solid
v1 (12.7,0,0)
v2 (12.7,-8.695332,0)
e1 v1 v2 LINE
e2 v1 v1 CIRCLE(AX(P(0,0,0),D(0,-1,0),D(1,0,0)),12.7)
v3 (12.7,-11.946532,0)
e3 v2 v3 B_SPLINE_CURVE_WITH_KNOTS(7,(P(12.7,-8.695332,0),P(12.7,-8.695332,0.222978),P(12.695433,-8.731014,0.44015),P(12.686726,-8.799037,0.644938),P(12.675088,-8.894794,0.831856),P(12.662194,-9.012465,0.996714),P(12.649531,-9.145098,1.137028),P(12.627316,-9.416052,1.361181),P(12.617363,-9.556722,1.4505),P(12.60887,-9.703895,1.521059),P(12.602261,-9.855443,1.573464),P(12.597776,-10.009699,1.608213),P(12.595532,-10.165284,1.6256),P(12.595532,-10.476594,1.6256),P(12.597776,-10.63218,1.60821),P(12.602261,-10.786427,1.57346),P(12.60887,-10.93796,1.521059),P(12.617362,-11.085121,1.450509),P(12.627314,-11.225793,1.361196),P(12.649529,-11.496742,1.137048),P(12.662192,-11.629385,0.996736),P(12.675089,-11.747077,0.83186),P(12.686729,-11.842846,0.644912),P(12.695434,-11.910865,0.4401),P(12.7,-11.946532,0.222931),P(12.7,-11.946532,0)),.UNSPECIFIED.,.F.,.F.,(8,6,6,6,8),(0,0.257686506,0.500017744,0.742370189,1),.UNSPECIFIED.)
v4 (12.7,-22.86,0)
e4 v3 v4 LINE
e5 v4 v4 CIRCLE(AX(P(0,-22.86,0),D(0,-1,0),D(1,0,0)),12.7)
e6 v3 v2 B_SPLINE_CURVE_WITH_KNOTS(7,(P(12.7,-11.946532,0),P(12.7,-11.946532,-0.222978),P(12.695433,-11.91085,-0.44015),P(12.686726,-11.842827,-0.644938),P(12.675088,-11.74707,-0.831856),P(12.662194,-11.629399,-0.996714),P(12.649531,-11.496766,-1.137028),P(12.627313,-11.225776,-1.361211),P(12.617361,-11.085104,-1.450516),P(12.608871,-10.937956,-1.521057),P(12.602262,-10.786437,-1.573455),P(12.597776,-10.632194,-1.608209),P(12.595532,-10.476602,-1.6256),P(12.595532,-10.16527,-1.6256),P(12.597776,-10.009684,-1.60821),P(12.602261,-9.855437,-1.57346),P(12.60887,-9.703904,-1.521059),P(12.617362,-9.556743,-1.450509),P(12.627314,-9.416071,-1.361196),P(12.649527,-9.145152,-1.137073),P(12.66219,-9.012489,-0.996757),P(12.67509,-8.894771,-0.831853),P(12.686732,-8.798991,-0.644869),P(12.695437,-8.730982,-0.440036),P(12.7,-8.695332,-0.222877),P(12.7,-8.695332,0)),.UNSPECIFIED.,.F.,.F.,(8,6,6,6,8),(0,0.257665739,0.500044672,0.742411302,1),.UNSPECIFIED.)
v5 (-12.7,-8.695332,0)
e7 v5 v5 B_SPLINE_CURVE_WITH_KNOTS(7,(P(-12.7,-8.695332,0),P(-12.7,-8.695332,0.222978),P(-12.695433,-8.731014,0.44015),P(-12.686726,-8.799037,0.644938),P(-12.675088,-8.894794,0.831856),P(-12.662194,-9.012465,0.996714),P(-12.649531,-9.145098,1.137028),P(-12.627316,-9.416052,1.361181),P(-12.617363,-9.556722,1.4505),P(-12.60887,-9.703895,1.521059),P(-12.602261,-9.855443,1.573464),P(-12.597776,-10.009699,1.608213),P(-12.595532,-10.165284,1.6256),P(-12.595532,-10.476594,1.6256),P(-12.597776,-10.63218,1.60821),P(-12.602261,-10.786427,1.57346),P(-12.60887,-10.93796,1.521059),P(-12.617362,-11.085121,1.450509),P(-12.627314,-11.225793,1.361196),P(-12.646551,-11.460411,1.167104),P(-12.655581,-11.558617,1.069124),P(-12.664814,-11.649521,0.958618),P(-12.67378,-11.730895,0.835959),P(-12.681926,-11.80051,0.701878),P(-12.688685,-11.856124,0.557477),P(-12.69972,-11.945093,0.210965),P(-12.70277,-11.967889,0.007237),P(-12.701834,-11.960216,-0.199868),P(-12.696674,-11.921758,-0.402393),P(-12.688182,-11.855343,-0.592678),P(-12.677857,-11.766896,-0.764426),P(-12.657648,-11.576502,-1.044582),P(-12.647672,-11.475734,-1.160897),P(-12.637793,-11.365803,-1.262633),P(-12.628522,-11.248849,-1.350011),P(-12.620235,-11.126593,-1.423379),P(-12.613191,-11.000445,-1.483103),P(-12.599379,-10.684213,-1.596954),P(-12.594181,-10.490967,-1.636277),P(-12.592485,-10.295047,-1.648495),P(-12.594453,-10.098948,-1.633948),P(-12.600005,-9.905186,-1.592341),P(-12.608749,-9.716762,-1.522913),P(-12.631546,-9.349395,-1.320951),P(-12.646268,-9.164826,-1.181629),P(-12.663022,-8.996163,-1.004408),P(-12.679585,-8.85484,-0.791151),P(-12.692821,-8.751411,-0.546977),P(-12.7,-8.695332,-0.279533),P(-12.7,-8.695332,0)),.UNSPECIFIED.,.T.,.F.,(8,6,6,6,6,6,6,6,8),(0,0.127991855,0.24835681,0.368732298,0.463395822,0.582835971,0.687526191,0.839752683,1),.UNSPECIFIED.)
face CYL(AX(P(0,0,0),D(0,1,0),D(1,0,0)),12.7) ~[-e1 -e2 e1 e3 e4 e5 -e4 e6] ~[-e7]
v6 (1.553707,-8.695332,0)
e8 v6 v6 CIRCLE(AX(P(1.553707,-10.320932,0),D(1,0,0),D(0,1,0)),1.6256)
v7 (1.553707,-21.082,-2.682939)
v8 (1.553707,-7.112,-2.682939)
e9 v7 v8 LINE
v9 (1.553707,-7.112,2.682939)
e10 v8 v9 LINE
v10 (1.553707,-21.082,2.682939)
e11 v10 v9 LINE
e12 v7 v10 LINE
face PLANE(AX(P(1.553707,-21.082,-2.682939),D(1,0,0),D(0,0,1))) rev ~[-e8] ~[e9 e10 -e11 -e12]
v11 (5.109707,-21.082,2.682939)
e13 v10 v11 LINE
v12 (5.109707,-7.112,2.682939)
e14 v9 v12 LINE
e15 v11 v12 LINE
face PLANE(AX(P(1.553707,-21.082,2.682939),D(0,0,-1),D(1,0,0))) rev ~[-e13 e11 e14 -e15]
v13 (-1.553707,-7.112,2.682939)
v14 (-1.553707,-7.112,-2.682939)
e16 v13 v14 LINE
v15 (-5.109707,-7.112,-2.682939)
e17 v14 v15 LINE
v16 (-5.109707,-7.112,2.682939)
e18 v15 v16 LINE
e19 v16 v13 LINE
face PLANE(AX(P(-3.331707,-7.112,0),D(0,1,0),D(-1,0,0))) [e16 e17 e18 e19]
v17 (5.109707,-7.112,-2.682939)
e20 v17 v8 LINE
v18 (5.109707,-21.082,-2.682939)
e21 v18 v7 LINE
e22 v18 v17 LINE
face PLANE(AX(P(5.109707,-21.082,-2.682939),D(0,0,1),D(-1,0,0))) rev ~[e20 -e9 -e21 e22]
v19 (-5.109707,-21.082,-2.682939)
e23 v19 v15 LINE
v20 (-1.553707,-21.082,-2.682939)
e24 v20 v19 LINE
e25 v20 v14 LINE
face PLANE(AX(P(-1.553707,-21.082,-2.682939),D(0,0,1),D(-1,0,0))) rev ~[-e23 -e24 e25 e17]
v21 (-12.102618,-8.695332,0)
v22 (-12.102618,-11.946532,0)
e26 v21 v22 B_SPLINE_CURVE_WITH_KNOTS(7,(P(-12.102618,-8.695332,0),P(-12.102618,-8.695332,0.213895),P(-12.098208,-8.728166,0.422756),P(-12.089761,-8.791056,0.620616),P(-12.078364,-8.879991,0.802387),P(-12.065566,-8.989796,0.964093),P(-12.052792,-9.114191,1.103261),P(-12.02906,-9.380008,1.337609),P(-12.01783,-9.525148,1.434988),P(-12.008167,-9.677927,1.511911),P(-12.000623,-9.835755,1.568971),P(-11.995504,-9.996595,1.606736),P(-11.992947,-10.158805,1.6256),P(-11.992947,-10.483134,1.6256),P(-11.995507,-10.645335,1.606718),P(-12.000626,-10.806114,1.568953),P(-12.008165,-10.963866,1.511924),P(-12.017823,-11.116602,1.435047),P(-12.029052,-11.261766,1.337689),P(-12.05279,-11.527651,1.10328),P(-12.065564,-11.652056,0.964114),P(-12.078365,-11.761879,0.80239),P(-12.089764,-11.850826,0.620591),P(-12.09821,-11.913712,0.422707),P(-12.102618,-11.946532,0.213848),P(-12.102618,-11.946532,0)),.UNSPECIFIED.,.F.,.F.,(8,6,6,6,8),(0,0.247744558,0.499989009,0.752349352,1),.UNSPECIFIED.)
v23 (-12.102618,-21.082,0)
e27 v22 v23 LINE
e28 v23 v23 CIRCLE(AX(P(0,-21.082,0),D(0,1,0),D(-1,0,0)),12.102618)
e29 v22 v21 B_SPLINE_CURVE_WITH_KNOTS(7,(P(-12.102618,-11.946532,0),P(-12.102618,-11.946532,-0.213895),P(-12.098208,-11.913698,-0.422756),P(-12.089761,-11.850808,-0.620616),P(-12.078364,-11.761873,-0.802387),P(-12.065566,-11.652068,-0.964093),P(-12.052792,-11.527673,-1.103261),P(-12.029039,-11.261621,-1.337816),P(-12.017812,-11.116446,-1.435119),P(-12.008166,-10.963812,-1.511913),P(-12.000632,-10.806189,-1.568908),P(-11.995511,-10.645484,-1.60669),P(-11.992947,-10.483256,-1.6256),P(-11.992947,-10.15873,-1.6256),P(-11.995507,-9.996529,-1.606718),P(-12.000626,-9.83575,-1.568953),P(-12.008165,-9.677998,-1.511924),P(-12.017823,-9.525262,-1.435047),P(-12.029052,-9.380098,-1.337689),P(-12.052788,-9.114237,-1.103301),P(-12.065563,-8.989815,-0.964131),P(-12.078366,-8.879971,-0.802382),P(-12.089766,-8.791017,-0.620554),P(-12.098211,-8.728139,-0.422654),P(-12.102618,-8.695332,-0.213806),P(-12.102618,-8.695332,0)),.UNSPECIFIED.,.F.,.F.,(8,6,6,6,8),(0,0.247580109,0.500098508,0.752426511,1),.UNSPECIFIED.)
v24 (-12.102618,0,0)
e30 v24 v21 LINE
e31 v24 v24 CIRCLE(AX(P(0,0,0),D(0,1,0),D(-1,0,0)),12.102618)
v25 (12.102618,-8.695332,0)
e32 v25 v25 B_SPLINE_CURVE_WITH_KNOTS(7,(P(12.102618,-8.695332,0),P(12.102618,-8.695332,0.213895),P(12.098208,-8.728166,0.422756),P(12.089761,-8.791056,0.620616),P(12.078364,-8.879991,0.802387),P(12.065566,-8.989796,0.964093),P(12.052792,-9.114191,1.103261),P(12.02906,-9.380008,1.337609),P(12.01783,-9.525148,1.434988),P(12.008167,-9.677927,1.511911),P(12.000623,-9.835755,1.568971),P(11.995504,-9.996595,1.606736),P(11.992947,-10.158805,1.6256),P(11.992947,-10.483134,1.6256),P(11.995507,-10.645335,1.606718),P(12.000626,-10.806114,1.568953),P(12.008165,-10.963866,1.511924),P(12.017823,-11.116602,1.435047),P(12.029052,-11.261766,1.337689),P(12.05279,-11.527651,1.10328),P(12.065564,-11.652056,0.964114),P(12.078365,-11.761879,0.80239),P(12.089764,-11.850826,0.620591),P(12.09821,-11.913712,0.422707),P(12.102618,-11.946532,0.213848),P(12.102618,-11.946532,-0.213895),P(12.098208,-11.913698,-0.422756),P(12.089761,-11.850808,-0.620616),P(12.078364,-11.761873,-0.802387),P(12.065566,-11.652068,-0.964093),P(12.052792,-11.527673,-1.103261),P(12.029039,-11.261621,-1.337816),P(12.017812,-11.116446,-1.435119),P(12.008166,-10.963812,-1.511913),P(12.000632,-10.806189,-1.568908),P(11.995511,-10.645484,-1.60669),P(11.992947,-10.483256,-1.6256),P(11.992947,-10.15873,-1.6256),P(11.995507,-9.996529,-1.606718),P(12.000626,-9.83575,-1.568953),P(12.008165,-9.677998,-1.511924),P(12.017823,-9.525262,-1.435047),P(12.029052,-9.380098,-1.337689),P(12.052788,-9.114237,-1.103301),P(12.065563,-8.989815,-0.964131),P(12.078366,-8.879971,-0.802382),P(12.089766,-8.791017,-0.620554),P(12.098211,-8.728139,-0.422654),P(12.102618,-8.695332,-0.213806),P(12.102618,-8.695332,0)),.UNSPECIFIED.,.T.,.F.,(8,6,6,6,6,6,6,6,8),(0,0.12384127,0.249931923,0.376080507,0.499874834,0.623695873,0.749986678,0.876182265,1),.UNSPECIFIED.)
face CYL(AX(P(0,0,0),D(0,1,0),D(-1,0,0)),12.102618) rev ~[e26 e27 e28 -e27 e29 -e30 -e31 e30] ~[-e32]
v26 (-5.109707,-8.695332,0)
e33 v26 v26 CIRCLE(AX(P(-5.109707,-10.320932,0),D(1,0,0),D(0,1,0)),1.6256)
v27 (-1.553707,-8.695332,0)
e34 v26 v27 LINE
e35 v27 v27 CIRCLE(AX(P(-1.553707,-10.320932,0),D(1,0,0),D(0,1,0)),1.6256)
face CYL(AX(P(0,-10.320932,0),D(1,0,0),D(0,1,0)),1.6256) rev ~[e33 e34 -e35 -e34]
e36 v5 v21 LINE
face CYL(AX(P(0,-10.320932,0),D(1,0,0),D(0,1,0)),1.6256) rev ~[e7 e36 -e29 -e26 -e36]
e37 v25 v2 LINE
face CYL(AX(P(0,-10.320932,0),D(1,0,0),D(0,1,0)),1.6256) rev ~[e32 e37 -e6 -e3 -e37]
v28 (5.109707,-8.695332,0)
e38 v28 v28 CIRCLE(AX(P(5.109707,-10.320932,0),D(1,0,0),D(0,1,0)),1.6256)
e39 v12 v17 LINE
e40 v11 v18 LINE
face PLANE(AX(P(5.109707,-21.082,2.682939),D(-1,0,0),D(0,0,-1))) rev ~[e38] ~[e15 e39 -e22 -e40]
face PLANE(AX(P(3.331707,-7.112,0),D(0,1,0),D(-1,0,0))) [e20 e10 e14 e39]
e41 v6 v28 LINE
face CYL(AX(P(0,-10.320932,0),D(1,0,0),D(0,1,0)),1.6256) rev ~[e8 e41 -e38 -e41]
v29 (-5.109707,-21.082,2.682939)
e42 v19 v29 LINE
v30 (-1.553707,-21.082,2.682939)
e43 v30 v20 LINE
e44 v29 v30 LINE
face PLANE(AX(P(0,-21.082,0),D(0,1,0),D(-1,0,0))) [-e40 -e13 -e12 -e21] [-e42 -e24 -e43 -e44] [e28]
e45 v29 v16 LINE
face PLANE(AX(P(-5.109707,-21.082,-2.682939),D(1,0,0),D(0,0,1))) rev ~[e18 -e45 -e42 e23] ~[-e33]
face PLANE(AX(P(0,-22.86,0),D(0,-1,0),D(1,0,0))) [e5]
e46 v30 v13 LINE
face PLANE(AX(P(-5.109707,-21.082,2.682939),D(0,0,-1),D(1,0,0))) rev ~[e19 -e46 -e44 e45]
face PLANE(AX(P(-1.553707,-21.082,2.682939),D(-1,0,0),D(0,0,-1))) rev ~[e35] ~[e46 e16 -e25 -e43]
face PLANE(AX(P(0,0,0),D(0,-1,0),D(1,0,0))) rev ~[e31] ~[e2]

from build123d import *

# Parameters (mm, degrees)
F0_R     = 12.7
F1_DEPTH = 22.86
F2_R     = 12.102618
F3_DEPTH = 21.082
F5_DEPTH = 13.97
F6_R     = 1.6256
F7_DEPTH = 12.7


with BuildPart() as f1:
    # F0 (on Front) → F1 (new body)
    with BuildSketch(Plane.XZ):
        Circle(F0_R)
    extrude(amount=F1_DEPTH)

    # F2 (on face) → F3 (cut)
    with BuildSketch(Plane(origin=(0, 0, 0), x_dir=(-1, 0, 0), z_dir=(0, 1, 0))):
        Circle(F2_R)
    extrude(amount=-F3_DEPTH, mode=Mode.SUBTRACT)

    # F4 (on face) → F5 (join)
    with BuildSketch(Plane(origin=(0, -21.082, 0), x_dir=(-1, 0, 0), z_dir=(0, 1, 0))):
        Polygon((-1.553707, 2.682939), (-5.109707, 2.682939), (-5.109707, 0), (-5.109707, -2.682939), (-1.553707, -2.682939), (-1.553707, 0), align=None)
        Polygon((1.553707, 2.682939), (1.553707, 0), (1.553707, -2.682939), (5.109707, -2.682939), (5.109707, 0), (5.109707, 2.682939), align=None)
    extrude(amount=F5_DEPTH)

    # F6 (on Right) → F7 (cut, symmetric)
    with BuildSketch(Plane.YZ):
        with Locations((-10.320932, 0)):
            Circle(F6_R)
    extrude(amount=F7_DEPTH, both=True, mode=Mode.SUBTRACT)


solid = f1.part
